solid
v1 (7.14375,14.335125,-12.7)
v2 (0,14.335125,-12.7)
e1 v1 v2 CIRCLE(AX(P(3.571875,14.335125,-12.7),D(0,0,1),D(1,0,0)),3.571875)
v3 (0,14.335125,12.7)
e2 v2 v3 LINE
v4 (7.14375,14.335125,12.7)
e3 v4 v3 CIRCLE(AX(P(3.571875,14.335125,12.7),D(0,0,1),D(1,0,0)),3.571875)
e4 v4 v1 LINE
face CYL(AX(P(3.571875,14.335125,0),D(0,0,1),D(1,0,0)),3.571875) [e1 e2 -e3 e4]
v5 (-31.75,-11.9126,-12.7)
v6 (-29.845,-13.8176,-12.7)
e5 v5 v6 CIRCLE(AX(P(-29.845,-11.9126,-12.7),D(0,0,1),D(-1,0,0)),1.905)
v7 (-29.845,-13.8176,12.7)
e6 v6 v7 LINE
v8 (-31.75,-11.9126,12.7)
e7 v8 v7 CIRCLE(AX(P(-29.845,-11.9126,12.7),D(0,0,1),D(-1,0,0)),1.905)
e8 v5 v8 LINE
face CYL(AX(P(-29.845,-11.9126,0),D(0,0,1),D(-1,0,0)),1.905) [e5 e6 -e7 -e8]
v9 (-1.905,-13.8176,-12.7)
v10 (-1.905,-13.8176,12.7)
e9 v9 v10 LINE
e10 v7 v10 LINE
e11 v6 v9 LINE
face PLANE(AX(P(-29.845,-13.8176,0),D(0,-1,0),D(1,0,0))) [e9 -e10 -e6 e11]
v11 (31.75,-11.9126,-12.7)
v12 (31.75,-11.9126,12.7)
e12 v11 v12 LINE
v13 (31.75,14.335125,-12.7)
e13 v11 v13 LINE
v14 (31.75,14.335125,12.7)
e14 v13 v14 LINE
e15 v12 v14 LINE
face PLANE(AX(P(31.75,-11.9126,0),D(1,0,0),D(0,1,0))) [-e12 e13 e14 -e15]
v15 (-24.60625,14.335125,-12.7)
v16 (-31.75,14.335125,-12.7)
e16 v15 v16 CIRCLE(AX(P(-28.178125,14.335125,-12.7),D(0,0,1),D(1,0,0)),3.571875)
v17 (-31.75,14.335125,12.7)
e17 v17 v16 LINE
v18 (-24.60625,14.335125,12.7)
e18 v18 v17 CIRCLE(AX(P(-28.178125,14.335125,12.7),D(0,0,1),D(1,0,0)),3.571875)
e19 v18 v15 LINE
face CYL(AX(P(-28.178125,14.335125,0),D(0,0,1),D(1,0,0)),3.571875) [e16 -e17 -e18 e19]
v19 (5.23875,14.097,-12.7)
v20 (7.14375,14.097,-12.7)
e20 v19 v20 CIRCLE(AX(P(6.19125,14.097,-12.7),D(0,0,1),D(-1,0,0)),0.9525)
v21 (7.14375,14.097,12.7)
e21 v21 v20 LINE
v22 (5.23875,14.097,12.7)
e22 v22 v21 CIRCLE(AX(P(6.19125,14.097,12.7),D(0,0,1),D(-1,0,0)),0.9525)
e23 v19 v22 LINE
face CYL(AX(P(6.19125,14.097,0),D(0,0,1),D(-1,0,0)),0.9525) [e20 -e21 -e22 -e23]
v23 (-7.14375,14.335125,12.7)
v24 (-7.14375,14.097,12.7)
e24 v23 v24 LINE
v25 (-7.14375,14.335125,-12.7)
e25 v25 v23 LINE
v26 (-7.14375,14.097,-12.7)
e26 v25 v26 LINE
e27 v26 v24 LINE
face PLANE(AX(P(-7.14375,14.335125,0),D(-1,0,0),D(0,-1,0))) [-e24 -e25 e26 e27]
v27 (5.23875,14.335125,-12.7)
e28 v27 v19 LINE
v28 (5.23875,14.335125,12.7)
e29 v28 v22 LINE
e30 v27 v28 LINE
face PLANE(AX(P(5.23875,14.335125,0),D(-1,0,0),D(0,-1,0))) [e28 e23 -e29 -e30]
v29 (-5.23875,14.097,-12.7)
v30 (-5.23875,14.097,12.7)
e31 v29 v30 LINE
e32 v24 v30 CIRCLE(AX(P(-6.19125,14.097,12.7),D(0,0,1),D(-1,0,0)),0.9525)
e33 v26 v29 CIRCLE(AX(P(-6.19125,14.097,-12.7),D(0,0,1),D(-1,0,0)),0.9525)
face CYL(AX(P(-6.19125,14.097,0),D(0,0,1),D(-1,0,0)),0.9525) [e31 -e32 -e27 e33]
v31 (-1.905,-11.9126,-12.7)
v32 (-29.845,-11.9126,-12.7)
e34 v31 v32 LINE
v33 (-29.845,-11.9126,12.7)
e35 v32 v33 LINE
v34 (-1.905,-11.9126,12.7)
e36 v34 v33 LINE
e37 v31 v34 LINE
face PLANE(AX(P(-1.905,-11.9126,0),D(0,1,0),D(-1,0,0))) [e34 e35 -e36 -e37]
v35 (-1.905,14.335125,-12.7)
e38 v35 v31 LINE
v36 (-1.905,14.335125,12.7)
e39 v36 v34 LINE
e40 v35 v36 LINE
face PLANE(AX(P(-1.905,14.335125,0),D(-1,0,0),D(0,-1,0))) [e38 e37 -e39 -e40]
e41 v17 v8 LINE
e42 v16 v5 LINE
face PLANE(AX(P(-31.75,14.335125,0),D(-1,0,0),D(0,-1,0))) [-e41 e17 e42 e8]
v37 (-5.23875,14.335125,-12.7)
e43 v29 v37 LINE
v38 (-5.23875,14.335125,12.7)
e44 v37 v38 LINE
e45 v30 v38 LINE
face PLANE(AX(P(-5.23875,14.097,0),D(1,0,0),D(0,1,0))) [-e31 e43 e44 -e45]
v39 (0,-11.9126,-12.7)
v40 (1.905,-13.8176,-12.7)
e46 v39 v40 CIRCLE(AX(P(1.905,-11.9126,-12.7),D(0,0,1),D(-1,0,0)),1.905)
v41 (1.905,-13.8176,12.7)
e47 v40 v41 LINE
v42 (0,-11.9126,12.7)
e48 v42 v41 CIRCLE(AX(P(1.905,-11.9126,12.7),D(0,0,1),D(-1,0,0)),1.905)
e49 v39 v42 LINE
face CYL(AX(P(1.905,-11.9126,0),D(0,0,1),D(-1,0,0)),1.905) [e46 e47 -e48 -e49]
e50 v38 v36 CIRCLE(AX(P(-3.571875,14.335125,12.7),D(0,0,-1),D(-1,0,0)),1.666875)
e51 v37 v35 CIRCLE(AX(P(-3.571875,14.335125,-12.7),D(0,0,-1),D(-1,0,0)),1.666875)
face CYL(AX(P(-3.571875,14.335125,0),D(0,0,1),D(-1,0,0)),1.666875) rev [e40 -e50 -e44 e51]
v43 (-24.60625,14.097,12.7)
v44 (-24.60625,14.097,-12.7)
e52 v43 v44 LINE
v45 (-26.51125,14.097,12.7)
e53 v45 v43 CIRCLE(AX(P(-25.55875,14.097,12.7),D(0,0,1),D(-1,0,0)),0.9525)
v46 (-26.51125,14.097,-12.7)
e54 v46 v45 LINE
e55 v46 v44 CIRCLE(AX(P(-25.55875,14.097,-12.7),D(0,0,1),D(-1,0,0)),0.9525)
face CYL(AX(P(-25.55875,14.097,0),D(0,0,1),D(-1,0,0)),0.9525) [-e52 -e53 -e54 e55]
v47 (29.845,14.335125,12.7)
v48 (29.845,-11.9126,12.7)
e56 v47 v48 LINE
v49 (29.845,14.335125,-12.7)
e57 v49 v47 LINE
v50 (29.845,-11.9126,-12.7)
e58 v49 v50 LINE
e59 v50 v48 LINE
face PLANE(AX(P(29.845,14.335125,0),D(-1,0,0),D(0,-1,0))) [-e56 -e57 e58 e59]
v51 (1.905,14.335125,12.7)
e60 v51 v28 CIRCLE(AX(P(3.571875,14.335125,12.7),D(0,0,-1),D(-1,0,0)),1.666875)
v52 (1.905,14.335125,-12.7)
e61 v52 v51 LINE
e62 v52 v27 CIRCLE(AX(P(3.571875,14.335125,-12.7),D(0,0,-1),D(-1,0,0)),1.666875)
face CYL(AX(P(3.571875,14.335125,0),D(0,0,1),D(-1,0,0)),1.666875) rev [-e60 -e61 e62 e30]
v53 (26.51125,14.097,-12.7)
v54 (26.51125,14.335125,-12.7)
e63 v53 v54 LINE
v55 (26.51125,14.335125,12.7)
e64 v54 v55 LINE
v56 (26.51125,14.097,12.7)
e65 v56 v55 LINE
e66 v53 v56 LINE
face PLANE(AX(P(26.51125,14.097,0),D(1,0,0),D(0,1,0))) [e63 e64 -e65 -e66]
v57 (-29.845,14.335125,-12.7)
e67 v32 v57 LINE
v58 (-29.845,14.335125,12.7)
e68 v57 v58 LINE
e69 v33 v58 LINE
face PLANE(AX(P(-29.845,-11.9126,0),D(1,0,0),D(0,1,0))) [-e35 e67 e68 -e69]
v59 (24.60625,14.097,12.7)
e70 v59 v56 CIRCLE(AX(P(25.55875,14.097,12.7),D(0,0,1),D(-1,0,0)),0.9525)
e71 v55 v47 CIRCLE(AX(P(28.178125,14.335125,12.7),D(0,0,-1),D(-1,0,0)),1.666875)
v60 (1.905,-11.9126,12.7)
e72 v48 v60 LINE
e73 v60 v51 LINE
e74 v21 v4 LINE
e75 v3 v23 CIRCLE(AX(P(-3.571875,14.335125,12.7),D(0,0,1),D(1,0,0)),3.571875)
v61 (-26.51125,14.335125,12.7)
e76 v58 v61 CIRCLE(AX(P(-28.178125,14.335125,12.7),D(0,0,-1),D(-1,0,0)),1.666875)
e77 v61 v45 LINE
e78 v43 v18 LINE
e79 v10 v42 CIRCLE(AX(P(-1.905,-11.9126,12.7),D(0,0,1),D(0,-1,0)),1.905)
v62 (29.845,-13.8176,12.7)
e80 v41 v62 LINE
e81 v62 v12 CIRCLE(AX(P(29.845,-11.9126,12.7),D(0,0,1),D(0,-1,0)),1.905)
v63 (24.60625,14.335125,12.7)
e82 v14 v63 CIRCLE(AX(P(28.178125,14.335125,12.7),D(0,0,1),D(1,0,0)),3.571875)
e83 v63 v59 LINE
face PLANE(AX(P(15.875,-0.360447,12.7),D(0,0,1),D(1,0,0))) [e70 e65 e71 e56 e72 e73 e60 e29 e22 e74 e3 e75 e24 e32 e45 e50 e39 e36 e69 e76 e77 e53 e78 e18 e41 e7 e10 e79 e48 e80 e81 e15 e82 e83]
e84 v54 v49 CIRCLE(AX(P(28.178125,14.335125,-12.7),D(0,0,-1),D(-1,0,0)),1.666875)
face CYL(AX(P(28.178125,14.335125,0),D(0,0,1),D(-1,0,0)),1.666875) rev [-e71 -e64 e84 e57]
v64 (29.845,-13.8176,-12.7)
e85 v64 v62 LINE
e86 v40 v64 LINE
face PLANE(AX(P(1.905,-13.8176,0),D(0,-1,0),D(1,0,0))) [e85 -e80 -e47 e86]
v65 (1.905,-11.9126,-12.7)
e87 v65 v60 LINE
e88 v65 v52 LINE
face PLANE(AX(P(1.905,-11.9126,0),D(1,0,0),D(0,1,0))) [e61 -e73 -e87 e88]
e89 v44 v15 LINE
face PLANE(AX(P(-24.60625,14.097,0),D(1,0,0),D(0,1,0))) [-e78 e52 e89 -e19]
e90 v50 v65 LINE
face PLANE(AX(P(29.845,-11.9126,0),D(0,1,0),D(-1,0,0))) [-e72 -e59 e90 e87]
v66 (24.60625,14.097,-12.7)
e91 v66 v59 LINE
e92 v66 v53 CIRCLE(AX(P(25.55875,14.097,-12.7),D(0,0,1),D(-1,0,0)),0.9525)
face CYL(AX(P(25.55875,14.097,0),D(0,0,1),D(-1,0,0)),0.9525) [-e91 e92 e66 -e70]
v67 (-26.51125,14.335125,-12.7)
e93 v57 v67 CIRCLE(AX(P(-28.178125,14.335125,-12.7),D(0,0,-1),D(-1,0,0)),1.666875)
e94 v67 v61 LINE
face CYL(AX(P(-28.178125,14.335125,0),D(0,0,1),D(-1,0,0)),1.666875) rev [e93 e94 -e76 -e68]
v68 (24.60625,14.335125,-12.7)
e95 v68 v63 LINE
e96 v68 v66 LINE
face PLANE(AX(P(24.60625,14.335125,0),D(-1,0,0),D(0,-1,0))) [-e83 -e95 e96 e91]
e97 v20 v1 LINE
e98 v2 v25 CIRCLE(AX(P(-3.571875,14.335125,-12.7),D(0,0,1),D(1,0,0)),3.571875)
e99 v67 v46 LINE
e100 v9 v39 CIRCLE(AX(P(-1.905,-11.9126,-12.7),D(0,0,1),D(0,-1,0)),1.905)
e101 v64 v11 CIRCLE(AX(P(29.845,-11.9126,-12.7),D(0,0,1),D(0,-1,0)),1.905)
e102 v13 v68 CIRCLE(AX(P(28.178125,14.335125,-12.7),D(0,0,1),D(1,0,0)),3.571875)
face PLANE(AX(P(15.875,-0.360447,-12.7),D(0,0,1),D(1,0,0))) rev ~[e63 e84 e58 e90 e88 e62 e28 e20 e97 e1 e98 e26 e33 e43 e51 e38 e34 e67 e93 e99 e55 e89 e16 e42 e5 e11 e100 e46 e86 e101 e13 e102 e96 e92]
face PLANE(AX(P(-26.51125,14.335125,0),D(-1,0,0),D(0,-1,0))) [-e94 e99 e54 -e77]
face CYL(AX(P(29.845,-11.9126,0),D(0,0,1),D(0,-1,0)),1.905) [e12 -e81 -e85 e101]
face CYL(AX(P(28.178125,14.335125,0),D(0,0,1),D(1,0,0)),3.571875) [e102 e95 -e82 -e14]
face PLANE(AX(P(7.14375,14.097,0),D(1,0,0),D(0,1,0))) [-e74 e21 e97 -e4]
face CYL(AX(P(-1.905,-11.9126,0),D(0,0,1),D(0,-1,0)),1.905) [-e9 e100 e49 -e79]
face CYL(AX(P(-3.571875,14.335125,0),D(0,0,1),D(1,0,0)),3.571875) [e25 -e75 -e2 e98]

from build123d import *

# Parameters (mm, degrees)
BASE_EXTRUDE_DEPTH = 12.7
LPATTERN1_COUNT    = 2
LPATTERN1_PITCH    = 31.75


with BuildPart() as part:
    # Sketch1 → Base-Extrude (new, symmetric)
    with BuildSketch(Plane.XY):
        with BuildLine():
            Line((-31.75, 14.335125), (-31.75, -11.9126))
            ThreePointArc((-31.75, -11.9126), (-31.192038418, -13.259638418), (-29.845, -13.8176))
            Line((-29.845, -13.8176), (-1.905, -13.8176))
            ThreePointArc((-1.905, -13.8176), (-0.557961582, -13.259638418), (0, -11.9126))
            Line((0, -11.9126), (0, 14.335125))
            ThreePointArc((0, 14.335125), (-3.571875, 17.907), (-7.14375, 14.335125))
            Line((-7.14375, 14.335125), (-7.14375, 14.097))
            ThreePointArc((-7.14375, 14.097), (-6.19125, 13.1445), (-5.23875, 14.097))
            Line((-5.23875, 14.097), (-5.23875, 14.335125))
            ThreePointArc((-5.23875, 14.335125), (-3.571875, 16.002), (-1.905, 14.335125))
            Line((-1.905, 14.335125), (-1.905, -11.9126))
            Line((-1.905, -11.9126), (-29.845, -11.9126))
            Line((-29.845, -11.9126), (-29.845, 14.335125))
            ThreePointArc((-29.845, 14.335125), (-28.178125, 16.002), (-26.51125, 14.335125))
            Line((-26.51125, 14.335125), (-26.51125, 14.097))
            ThreePointArc((-26.51125, 14.097), (-25.55875, 13.1445), (-24.60625, 14.097))
            Line((-24.60625, 14.097), (-24.60625, 14.335125))
            ThreePointArc((-24.60625, 14.335125), (-28.178125, 17.907), (-31.75, 14.335125))
        make_face()
    base_extrude = extrude(amount=BASE_EXTRUDE_DEPTH, both=True)

    # LPattern1: Base-Extrude ×2
    with Locations(*[(i * LPATTERN1_PITCH, 0, 0) for i in range(1, LPATTERN1_COUNT)]):
        add(base_extrude)


solid = part.part
